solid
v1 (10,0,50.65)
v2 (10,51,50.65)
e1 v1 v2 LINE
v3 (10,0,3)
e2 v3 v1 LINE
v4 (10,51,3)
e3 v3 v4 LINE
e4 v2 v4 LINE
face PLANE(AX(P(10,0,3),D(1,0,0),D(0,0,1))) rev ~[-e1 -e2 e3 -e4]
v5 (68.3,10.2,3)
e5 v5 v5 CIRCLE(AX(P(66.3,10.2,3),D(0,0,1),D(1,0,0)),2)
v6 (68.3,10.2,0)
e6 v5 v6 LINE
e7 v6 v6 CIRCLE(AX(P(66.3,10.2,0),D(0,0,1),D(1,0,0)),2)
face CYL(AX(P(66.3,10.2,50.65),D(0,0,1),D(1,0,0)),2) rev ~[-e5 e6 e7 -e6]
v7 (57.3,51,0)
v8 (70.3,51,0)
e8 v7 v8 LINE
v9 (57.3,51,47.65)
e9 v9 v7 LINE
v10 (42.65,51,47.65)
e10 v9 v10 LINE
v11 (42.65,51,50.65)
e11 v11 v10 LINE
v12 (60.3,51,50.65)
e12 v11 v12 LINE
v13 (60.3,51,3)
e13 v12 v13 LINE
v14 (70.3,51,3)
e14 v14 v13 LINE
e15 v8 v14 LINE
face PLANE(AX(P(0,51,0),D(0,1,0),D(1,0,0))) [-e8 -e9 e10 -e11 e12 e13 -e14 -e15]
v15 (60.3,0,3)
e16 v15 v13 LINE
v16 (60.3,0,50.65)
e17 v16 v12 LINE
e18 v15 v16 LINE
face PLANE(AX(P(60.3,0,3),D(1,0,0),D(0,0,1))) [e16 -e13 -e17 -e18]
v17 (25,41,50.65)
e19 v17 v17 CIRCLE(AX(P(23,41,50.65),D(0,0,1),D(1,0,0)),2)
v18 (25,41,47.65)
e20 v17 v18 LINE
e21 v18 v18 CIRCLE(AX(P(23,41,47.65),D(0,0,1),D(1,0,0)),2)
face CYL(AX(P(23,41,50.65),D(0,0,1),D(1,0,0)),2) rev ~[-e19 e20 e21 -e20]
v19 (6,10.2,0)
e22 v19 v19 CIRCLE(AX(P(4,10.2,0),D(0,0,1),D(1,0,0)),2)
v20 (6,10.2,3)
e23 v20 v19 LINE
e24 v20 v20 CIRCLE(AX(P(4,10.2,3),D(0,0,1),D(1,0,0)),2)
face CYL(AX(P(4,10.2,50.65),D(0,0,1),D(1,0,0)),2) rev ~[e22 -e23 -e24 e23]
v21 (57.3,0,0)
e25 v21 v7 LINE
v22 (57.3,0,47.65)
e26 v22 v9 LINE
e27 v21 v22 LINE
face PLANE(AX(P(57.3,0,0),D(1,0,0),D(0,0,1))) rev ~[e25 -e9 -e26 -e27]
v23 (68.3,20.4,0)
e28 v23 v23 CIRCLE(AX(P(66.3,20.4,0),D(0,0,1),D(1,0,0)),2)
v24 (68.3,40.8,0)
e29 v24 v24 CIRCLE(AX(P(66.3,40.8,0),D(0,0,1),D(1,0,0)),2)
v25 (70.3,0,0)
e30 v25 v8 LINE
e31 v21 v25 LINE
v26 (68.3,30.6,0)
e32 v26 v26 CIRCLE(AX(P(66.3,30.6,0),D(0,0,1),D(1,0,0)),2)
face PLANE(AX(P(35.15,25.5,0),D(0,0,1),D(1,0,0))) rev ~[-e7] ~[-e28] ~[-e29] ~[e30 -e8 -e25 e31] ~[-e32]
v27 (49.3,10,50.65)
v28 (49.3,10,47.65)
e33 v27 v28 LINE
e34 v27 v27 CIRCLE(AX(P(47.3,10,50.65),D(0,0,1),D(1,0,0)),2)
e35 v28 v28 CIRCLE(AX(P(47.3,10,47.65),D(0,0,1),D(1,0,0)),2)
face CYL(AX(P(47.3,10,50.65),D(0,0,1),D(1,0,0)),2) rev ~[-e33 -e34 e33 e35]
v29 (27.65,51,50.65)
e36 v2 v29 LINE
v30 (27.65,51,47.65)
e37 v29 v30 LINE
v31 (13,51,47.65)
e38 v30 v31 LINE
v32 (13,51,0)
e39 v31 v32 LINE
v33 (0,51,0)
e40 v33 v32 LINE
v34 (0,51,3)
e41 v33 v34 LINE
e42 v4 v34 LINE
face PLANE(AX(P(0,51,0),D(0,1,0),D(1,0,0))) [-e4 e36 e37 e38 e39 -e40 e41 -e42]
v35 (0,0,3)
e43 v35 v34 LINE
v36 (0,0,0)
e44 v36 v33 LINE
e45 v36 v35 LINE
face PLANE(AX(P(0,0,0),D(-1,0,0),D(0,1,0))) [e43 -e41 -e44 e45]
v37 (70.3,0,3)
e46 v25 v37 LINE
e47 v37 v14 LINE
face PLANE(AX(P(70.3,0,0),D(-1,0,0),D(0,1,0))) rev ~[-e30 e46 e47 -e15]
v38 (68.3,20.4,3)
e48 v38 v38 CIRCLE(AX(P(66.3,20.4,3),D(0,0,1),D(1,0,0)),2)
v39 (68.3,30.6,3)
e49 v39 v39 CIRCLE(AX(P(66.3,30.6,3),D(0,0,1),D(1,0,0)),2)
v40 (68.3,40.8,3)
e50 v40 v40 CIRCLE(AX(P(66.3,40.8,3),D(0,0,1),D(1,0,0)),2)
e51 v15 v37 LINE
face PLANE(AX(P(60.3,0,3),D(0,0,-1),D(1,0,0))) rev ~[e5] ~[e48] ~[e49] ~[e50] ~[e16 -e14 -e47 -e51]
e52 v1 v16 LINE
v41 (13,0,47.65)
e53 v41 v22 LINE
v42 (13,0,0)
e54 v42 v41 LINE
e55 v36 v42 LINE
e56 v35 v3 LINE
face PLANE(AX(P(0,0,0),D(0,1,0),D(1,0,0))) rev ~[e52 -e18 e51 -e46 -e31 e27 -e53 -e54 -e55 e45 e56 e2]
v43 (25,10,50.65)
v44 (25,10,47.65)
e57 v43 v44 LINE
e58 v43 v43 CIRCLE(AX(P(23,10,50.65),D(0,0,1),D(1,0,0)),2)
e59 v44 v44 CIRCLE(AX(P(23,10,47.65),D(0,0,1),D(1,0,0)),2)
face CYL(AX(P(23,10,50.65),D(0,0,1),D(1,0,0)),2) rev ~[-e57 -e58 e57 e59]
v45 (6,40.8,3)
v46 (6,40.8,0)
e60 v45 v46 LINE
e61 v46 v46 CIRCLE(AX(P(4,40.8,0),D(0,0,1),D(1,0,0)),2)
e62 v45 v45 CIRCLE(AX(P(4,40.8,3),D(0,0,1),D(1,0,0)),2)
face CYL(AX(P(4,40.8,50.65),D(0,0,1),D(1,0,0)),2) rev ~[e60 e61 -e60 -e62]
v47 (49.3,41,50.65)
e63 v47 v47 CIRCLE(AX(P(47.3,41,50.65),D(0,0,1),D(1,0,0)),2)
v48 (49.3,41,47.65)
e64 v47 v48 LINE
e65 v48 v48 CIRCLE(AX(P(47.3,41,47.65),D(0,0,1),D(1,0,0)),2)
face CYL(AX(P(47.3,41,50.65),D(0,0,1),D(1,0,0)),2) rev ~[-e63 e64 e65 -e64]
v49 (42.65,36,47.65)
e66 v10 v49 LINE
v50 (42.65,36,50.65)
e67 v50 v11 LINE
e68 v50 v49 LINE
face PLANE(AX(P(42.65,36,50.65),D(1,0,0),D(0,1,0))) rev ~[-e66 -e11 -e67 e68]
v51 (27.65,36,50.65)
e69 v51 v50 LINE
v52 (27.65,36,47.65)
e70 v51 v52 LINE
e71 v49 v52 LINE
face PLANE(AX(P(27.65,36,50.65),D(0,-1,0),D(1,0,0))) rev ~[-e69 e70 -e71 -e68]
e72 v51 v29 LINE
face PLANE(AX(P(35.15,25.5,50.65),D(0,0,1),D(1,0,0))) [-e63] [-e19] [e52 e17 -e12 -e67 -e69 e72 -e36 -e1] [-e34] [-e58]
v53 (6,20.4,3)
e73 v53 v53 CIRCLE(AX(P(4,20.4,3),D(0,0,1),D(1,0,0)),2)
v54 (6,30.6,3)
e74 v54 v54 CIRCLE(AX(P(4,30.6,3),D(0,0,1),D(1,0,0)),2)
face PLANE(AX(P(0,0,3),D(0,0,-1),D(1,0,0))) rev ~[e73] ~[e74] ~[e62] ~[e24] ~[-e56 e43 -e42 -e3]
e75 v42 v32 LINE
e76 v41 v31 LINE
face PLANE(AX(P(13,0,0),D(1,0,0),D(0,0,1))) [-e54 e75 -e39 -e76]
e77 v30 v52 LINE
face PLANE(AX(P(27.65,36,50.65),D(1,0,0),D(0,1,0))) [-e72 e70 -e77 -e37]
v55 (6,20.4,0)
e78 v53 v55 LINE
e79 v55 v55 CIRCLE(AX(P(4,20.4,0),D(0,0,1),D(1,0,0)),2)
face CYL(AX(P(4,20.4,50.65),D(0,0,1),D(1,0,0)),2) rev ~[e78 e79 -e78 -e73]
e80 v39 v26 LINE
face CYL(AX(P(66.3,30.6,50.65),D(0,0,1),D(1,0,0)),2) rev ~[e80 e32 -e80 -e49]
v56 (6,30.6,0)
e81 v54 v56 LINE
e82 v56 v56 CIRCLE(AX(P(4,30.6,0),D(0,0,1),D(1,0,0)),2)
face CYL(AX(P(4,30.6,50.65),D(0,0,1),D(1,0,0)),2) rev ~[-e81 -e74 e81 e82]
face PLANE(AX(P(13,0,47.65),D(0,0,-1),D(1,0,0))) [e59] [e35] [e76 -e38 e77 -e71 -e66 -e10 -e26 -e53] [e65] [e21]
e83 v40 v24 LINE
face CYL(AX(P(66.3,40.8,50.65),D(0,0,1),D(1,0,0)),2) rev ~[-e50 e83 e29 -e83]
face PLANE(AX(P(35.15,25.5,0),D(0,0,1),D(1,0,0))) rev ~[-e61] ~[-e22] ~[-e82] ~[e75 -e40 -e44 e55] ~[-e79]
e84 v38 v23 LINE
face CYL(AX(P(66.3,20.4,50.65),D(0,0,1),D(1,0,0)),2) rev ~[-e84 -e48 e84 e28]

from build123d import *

# Parameters (mm, degrees)
SKETCH_W        = 70.3
SKETCH_H        = 51
PAD_DEPTH       = 50.65
SKETCH001_W     = 44.3
SKETCH001_H     = 47.65
SKETCH001_W_2   = 10
POCKET_DEPTH    = 51.001
SKETCH002_R     = 2
SKETCH002_W     = 15
SKETCH002_H     = 15
POCKET001_DEPTH = 50.651


with BuildPart() as part:
    # Sketch → Pad (new body)
    with BuildSketch(Plane.XY):
        with Locations((35.15, 25.5)):
            Rectangle(SKETCH_W, SKETCH_H)
    extrude(amount=PAD_DEPTH)

    # Sketch001 → Pocket (cut, through all)
    with BuildSketch(Plane.XZ):
        with Locations((35.15, 23.825)):
            Rectangle(SKETCH001_W, SKETCH001_H)
        with Locations((5, 26.825)):
            Rectangle(SKETCH001_W_2, SKETCH001_H)
        with Locations((65.3, 26.825)):
            Rectangle(SKETCH001_W_2, SKETCH001_H)
    extrude(amount=-POCKET_DEPTH, mode=Mode.SUBTRACT)

    # Sketch002 → Pocket001 (cut, through all)
    with BuildSketch(Plane.XY.offset(50.65)):
        with Locations((23, 41)):
            Circle(SKETCH002_R)
        with Locations((47.3, 41)):
            Circle(SKETCH002_R)
        with Locations((23, 10)):
            Circle(SKETCH002_R)
        with Locations((47.3, 10)):
            Circle(SKETCH002_R)
        with Locations((4, 40.8)):
            Circle(SKETCH002_R)
        with Locations((4, 30.6)):
            Circle(SKETCH002_R)
        with Locations((4, 20.4)):
            Circle(SKETCH002_R)
        with Locations((4, 10.2)):
            Circle(SKETCH002_R)
        with Locations((66.3, 40.8)):
            Circle(SKETCH002_R)
        with Locations((66.3, 30.6)):
            Circle(SKETCH002_R)
        with Locations((66.3, 20.4)):
            Circle(SKETCH002_R)
        with Locations((66.3, 10.2)):
            Circle(SKETCH002_R)
        with Locations((35.15, 43.5)):
            Rectangle(SKETCH002_W, SKETCH002_H)
    extrude(amount=-POCKET001_DEPTH, mode=Mode.SUBTRACT)


solid = part.part
